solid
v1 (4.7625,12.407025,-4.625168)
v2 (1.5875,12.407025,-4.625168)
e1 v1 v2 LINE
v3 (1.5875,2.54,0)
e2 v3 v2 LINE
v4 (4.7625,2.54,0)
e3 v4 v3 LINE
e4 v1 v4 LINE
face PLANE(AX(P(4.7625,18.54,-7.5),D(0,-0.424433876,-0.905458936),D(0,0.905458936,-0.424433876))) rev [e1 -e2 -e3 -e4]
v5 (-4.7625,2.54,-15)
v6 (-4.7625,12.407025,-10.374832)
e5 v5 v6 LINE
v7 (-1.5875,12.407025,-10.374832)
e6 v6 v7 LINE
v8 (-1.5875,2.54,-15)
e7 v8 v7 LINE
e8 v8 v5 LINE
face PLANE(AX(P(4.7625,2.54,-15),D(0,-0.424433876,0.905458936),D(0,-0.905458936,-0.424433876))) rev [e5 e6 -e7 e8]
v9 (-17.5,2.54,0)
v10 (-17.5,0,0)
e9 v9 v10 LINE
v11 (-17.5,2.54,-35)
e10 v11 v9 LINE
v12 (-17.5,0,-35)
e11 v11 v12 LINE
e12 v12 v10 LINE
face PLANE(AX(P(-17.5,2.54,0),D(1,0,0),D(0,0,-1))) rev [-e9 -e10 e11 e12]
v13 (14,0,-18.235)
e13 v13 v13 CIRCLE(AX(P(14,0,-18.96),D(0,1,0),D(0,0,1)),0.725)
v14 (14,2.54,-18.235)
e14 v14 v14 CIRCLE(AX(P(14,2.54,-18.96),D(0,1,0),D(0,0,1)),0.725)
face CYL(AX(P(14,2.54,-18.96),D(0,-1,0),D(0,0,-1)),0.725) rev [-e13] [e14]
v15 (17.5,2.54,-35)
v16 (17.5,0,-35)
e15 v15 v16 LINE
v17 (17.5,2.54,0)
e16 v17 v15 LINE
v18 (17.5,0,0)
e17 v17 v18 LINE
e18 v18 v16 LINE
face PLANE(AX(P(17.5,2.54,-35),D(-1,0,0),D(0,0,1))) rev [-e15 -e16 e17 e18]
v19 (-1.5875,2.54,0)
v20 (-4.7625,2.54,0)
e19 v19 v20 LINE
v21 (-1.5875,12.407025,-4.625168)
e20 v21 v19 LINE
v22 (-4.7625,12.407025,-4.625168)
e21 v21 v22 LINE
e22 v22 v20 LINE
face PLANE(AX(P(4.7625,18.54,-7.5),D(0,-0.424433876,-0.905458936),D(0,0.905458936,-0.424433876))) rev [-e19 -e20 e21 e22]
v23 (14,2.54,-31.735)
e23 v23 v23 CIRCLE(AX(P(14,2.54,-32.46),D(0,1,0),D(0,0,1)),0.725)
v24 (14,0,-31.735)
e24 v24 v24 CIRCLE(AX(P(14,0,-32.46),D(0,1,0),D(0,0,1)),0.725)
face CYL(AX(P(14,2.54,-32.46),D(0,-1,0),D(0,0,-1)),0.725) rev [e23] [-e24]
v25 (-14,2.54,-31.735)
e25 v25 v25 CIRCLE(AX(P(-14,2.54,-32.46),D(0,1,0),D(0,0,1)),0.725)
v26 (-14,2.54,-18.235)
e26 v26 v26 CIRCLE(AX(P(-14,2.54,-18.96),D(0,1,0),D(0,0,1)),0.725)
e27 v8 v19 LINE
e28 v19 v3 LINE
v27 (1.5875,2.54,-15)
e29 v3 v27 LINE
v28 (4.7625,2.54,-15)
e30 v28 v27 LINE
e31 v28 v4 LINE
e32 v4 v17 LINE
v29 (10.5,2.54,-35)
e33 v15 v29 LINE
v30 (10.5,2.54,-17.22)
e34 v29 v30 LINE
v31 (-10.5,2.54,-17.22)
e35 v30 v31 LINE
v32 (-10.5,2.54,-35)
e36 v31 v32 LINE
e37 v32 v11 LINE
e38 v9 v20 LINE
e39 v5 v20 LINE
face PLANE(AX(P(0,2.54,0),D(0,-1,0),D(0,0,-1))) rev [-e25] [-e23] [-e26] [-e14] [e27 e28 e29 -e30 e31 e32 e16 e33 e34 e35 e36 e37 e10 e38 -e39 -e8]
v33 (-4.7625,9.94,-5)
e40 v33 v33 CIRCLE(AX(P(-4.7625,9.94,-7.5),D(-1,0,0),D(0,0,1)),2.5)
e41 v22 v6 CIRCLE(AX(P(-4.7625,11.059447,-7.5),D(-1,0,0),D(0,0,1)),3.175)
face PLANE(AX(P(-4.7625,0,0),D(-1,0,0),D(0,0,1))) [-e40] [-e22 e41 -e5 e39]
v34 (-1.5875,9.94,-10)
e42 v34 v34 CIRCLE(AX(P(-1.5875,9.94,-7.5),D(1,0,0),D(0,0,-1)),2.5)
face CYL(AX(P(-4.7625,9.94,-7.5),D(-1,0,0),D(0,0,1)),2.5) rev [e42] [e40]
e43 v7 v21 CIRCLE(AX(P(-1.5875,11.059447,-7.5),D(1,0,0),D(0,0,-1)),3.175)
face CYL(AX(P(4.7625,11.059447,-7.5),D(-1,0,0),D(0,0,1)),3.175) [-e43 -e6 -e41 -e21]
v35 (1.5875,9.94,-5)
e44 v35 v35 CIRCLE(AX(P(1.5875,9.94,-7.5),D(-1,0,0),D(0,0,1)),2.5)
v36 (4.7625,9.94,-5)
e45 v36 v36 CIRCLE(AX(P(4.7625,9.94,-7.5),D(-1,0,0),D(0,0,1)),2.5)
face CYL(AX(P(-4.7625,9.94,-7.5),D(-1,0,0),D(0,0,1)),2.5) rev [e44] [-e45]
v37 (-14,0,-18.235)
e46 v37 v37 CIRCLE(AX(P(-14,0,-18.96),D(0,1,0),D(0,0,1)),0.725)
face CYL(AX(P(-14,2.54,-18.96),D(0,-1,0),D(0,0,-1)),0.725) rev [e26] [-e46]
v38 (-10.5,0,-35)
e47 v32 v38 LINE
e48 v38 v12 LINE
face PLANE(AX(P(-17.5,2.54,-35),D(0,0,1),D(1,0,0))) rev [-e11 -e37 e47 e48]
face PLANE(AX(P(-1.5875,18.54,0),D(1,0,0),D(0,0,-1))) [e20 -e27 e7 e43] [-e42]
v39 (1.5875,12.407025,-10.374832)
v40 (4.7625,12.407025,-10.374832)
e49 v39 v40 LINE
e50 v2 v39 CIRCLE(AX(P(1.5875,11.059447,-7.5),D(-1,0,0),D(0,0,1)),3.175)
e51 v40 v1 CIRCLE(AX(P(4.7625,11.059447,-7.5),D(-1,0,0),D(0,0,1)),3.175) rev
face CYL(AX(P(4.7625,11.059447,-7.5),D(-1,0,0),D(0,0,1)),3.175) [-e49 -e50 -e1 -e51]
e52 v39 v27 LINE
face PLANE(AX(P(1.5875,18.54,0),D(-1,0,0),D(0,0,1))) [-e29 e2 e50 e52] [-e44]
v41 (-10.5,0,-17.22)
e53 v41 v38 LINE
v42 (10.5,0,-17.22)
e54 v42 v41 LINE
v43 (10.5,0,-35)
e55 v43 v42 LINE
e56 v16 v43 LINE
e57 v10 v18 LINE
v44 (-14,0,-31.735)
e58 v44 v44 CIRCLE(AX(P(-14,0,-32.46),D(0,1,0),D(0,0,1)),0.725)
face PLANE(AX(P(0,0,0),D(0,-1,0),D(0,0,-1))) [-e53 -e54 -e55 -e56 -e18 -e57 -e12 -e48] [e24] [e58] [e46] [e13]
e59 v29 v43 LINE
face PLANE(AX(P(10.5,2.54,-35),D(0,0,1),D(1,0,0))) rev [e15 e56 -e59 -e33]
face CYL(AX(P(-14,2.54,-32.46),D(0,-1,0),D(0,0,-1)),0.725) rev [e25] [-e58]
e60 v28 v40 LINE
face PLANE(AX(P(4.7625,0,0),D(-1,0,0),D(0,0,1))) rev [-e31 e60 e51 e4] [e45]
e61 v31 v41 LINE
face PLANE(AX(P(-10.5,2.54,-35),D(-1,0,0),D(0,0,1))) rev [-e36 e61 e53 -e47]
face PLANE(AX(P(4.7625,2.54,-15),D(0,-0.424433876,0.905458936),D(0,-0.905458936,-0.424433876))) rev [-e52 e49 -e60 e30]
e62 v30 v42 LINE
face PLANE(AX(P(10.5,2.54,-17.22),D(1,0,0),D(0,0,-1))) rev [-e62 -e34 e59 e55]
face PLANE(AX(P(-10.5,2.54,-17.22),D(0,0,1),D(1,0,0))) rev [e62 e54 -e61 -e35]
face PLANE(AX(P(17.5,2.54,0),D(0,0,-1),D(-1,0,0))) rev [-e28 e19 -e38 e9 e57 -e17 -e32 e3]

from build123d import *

# Parameters (mm, degrees)
SKETCH1_R                 = 0.725
BOSS_EXTRUDE1_DEPTH       = 2.54
SKETCH2_R                 = 1.651
BOSS_EXTRUDE2_DEPTH       = 4.7625
SKETCH3_W                 = 3.175
SKETCH3_H                 = 15
CUT_EXTRUDE1_DEPTH        = 16
FILLET1_R                 = 3.175
F_5_0MM_DOWEL_HOLE1_D     = 5
F_5_0MM_DOWEL_HOLE1_DEPTH = 20
F_5_0MM_DOWEL_HOLE1_TIP   = 1.502151548


with BuildPart() as part:
    # Sketch1 → Boss-Extrude1 (new body)
    with BuildSketch(Plane(origin=(0, 0, 0), x_dir=(1, 0, 0), z_dir=(0, 1, 0))):
        Polygon((-17.5, 0), (-17.5, 35), (-10.5, 35), (-10.5, 17.22), (10.5, 17.22), (10.5, 35), (17.5, 35), (17.5, 0), align=None)
        with Locations((-14, 32.46)):
            Circle(SKETCH1_R, mode=Mode.SUBTRACT)
        with Locations((-14, 18.96)):
            Circle(SKETCH1_R, mode=Mode.SUBTRACT)
        with Locations((14, 32.46)):
            Circle(SKETCH1_R, mode=Mode.SUBTRACT)
        with Locations((14, 18.96)):
            Circle(SKETCH1_R, mode=Mode.SUBTRACT)
    extrude(amount=BOSS_EXTRUDE1_DEPTH)

    # Sketch2 → Boss-Extrude2 (add, symmetric)
    with BuildSketch(Plane(origin=(0, 0, 0), x_dir=(0, 0, -1), z_dir=(1, 0, 0))):
        Polygon((15, 2.54), (7.5, 18.54), (0, 2.54), align=None)
        with Locations((7.5, 9.94)):
            Circle(SKETCH2_R, mode=Mode.SUBTRACT)
    extrude(amount=BOSS_EXTRUDE2_DEPTH, both=True)

    # Sketch3 → Cut-Extrude1 (cut)
    with BuildSketch(Plane(origin=(0, 2.54, 0), x_dir=(1, 0, 0), z_dir=(0, 1, 0))):
        with Locations((0, 7.5)):
            Rectangle(SKETCH3_W, SKETCH3_H)
    extrude(amount=CUT_EXTRUDE1_DEPTH, mode=Mode.SUBTRACT)

    # Fillet1
    fillet1_edges = [part.edges().sort_by_distance(p)[0] for p in [
        (3.175, 18.54, -7.5),
        (-3.175, 18.54, -7.5),
    ]]
    fillet(fillet1_edges, radius=FILLET1_R)

    # Ø5.0mm Dowel Hole1
    with Locations(Plane.ZY.offset(4.7625)):
        with Locations((-7.5, 9.94)):
            Hole(F_5_0MM_DOWEL_HOLE1_D / 2, depth=F_5_0MM_DOWEL_HOLE1_DEPTH)
            with Locations((0, 0, -(F_5_0MM_DOWEL_HOLE1_DEPTH + F_5_0MM_DOWEL_HOLE1_TIP / 2))):  # 118° drill point
                Cone(0, F_5_0MM_DOWEL_HOLE1_D / 2, F_5_0MM_DOWEL_HOLE1_TIP, mode=Mode.SUBTRACT)


solid = part.part
